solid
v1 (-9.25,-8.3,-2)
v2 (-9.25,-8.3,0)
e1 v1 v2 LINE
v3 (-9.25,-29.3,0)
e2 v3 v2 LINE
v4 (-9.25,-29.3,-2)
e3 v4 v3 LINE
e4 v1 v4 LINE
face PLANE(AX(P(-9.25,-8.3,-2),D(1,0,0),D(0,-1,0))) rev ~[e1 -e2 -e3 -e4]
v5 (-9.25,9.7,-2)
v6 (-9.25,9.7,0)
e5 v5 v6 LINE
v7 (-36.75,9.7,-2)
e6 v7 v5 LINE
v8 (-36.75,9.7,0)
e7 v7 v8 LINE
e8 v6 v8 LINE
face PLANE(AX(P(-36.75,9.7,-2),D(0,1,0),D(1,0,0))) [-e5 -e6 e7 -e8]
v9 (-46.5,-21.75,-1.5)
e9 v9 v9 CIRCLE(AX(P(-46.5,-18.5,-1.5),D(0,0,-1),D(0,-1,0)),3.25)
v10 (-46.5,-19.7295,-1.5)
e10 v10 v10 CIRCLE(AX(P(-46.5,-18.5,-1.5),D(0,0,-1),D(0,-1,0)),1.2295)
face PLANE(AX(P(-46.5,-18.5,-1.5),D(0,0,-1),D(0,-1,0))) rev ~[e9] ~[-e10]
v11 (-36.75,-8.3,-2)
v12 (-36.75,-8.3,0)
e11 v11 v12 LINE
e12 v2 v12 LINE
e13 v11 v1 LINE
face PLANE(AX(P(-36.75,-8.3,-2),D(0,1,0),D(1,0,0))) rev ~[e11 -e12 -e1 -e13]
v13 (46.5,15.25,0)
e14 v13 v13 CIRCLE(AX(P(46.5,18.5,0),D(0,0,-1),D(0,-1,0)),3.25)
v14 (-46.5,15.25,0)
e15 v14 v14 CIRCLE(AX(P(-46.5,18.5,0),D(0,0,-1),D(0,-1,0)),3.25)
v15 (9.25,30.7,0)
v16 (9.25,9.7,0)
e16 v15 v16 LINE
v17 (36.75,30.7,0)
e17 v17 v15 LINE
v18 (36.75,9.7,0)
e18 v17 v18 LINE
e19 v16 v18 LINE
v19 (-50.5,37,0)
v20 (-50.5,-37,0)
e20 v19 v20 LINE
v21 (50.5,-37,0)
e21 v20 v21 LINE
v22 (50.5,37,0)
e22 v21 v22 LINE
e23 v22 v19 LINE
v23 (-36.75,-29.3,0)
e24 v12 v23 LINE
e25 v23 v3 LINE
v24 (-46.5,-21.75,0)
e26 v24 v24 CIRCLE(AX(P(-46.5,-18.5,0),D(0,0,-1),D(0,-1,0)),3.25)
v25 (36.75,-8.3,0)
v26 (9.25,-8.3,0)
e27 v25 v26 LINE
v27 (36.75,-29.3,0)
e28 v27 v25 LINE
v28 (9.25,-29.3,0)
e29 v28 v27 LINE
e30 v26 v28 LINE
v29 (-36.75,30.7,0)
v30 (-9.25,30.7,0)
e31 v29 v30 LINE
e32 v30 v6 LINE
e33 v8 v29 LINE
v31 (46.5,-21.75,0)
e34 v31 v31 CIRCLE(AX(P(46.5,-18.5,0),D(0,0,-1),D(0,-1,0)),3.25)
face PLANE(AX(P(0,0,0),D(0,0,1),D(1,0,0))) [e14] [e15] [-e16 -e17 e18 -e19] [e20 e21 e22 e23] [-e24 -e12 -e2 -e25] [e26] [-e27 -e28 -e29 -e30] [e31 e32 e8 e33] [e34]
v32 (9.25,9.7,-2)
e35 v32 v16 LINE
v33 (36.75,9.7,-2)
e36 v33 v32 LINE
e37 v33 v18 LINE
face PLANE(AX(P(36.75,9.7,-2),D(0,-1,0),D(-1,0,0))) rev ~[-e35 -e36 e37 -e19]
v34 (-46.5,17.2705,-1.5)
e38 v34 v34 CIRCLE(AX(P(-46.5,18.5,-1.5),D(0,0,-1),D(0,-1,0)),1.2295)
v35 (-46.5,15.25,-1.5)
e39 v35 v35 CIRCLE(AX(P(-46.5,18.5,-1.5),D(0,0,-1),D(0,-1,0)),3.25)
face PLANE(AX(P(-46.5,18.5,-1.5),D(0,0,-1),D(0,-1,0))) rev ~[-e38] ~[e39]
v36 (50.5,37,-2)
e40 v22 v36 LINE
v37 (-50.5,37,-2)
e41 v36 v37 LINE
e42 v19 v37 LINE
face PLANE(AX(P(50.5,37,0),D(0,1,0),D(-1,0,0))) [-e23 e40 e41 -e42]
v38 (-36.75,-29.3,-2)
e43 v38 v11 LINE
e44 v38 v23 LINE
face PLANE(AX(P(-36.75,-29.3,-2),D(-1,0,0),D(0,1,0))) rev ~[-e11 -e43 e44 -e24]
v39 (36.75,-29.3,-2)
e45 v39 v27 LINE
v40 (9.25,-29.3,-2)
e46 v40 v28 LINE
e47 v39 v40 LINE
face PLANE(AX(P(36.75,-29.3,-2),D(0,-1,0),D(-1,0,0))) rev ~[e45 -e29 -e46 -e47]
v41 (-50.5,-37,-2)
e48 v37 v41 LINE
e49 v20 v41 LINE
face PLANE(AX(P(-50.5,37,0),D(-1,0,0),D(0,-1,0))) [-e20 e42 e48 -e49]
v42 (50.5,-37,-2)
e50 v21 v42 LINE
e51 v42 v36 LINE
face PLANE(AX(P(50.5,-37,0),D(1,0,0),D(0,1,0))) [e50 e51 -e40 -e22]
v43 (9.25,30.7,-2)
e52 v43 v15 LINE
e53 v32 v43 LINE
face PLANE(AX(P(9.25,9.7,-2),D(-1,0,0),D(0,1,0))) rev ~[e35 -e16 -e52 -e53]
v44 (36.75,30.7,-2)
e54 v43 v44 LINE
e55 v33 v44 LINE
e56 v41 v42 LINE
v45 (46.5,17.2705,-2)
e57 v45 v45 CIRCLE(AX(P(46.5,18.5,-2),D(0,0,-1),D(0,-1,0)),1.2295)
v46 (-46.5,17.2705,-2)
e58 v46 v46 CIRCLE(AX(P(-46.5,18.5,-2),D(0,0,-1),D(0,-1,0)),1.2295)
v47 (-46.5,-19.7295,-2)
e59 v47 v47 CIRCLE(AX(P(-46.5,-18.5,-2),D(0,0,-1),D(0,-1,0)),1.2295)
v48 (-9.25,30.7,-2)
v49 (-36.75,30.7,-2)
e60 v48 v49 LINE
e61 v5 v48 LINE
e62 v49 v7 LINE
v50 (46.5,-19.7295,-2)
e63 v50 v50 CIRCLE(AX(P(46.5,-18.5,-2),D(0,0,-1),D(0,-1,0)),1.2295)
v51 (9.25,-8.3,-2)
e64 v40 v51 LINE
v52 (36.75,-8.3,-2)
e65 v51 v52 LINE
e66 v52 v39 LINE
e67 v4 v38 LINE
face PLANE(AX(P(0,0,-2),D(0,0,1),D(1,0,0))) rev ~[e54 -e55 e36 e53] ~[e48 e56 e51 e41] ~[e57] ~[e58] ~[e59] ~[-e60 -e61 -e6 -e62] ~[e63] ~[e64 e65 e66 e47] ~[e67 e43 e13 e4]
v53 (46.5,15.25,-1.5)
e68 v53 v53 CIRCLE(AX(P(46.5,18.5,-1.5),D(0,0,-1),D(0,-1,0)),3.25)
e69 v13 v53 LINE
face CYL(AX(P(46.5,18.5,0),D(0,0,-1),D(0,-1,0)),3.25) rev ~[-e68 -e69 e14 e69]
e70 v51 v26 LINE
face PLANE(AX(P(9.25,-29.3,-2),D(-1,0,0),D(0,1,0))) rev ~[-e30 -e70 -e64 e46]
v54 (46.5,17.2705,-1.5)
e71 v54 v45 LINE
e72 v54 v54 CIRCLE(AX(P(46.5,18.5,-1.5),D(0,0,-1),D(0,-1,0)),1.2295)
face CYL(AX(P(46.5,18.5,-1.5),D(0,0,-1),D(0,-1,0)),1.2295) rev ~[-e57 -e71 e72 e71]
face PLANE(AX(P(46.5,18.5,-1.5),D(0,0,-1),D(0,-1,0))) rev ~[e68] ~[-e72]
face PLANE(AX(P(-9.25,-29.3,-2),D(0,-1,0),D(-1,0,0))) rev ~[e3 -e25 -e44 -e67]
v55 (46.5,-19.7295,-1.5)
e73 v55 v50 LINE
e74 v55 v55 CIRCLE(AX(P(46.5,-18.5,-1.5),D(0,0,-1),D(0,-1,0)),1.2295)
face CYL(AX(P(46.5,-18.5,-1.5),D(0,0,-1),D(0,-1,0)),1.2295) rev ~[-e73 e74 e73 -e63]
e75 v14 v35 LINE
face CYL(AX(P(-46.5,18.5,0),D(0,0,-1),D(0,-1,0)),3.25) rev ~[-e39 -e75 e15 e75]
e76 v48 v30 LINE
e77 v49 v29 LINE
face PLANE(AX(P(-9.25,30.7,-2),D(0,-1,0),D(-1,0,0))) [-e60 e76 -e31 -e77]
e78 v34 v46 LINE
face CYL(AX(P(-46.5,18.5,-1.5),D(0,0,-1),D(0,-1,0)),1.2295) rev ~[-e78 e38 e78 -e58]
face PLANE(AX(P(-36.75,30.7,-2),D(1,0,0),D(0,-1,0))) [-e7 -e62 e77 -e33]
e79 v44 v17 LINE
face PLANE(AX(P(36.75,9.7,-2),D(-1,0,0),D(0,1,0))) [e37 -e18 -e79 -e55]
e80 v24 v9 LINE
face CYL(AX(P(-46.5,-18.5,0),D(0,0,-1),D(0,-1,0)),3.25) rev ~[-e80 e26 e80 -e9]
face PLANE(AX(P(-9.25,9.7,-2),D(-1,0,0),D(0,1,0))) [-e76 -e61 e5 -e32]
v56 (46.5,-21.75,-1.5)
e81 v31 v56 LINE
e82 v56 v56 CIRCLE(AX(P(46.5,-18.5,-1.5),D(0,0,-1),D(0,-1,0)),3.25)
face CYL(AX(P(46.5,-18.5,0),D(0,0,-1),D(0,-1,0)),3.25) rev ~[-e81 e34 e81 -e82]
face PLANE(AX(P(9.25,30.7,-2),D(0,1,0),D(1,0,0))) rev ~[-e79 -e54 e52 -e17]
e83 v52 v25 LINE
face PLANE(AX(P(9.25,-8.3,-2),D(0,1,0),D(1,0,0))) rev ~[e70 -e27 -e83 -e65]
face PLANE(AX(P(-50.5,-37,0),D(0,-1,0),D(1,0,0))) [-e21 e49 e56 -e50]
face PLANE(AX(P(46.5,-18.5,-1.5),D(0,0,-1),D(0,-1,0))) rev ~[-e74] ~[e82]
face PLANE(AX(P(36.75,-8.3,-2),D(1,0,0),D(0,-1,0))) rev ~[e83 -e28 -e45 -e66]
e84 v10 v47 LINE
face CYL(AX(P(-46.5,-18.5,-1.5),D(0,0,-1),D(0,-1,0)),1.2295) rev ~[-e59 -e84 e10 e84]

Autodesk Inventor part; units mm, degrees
ref_plane "YZ Plane" through (0, 0, 0) normal (1, 0, 0) x (0, 1, 0)
ref_plane "XZ Plane" through (0, 0, 0) normal (0, 1, 0) x (-1, 0, 0)
ref_plane "XY Plane" through (0, 0, 0) normal (0, 0, 1) x (1, 0, 0)
sketch "Esboço1" plane through (0, 0, 0) normal (0, 0, 1) x (1, 0, 0)
  line L0 (-50.5, -37) -> (50.5, -37)
  line L1 (50.5, -37) -> (50.5, 37)
  line L2 (50.5, 37) -> (-50.5, 37)
  line L3 (-50.5, 37) -> (-50.5, -37)
  point P0 (0, 0)
  point P1 (0, 0)
  dimension "d17" = 101
  dimension "d18" = 74
  dimension "d19" = 50.5
  dimension "d20" = 37
  dimension "d21" = 50.5
  dimension "d22" = 37
extrude "Extrusão1" add sketch "Esboço1" against normal blind 2
sketch "Esboço2" plane through (0, 0, 0) normal (0, 0, 1) x (1, 0, 0)
  line L0 (-50.5, -37) -> (-50.5, 37)
  line L1 (-50.5, 37) -> (50.5, 37)
  line L2 (-46.5, 37) -> (-46.5, -37) construction
  line L3 (50.5, -37) -> (-50.5, -37)
  line L4 (46.5, 37) -> (46.5, -37) construction
  line L5 (-50.5, 18.5) -> (50.5, 18.5) construction
  line L6 (-50.5, -18.5) -> (50.5, -18.5) construction
  line L7 (50.5, 37) -> (50.5, -37)
  point P0 (0, 0)
  point P1 (0, 0)
  point P2 (-46.5, 18.5)
  point P3 (-46.5, -18.5)
  point P4 (46.5, -18.5)
  point P5 (46.5, 18.5)
  dimension "d28" = 4
  dimension "d29" = 97
  dimension "d30" = 101
  dimension "d31" = 55.5
  dimension "d32" = 18.5
  dimension "d33" = 74
  dimension "d34" = 50.5
  dimension "d35" = 37
  dimension "d36" = 0
hole "Furo1" at (-46.5, 18.5, 0) at (-46.5, -18.5, 0) at (46.5, -18.5, 0) at (46.5, 18.5, 0) direction (0, 0, -1) diameter 2.459 end through all counterbore diameter 6.5 counterbore depth 1.5
sketch "Esboço3" plane through (0, 0, -2) normal (0, 0, -1) x (-1, 0, 0)
  line L0 (-36.25, 14.25) -> (-36.25, 21.4827) projected
  line L1 (-36.0982, 21.8416) -> (-33.0537, 24.7952) projected
  line L2 (-32.75, 25.5129) -> (-32.75, 29.7) projected
  line L3 (-32.25, 30.2) -> (-13.75, 30.2) projected
  line L4 (-10.25, 14.25) -> (-10.25, 21.4827) projected
  line L5 (-12.9463, 24.7952) -> (-9.9018, 21.8416) projected
  line L6 (-13.25, 29.7) -> (-13.25, 25.5129) projected
  line L7 (-27.134, 10.7) -> (-18.866, 10.7) projected
  line L8 (-13.8, 11.25) -> (-32.2, 11.25) projected
  line L9 (-13.8, 10.2) -> (-32.2, 10.2) projected
  arc A0 (-36.25, 14.25) -> (-32.2, 10.2) centre (-32.2, 14.25) ccw projected
  line L10 (-36.25, 14.25) -> (-36.25, 21.4827) projected
  arc A1 (-13.8, 10.2) -> (-9.75, 14.25) centre (-13.8, 14.25) ccw projected
  line L11 (-9.75, 21.4827) -> (-9.75, 14.25) projected
  line L12 (-12.9463, 24.7952) -> (-9.9018, 21.8416) projected
  line L13 (-32.25, 30.2) -> (-13.75, 30.2) projected
  line L14 (-13.25, 29.7) -> (-13.25, 25.5129) projected
  arc A2 (-13.25, 29.7) -> (-13.75, 30.2) centre (-13.75, 29.7) ccw projected
  arc A3 (-13.25, 25.5129) -> (-12.9463, 24.7952) centre (-12.25, 25.5129) ccw projected
  arc A4 (-9.75, 21.4827) -> (-9.9018, 21.8416) centre (-10.25, 21.4827) ccw projected
  arc A5 (-32.25, 30.2) -> (-32.75, 29.7) centre (-32.25, 29.7) ccw projected
  arc A6 (-36.0982, 21.8416) -> (-36.25, 21.4827) centre (-35.75, 21.4827) ccw projected
  arc A7 (-33.0537, 24.7952) -> (-32.75, 25.5129) centre (-33.75, 25.5129) ccw projected
  line L15 (-36.75, 9.7) -> (-9.25, 9.7)
  line L16 (-9.25, 9.7) -> (-9.25, 30.7)
  line L17 (-9.25, 30.7) -> (-36.75, 30.7)
  line L18 (-36.75, 9.7) -> (-36.75, 30.7)
  line L19 (9.75, 14.25) -> (9.75, 21.4827) projected
  arc A8 (9.75, 14.25) -> (13.8, 10.2) centre (13.8, 14.25) ccw projected
  line L20 (32.2, 10.2) -> (13.8, 10.2) projected
  arc A9 (32.903, 10.7703) -> (35.75, 14.25) centre (32.2, 14.25) ccw projected
  arc A10 (32.2, 10.2) -> (36.25, 14.25) centre (32.2, 14.25) ccw projected
  line L21 (36.25, 21.4827) -> (36.25, 14.25) projected
  line L22 (13.75, 30.2) -> (32.25, 30.2) projected
  line L23 (-36.25, -24.75) -> (-36.25, -17.5173) projected
  arc A11 (-36.25, -24.75) -> (-32.2, -28.8) centre (-32.2, -24.75) ccw projected
  line L24 (-13.8, -28.8) -> (-32.2, -28.8) projected
  arc A12 (-13.8, -28.8) -> (-9.75, -24.75) centre (-13.8, -24.75) ccw projected
  line L25 (-9.75, -17.5173) -> (-9.75, -24.75) projected
  line L26 (-32.25, -8.8) -> (-13.75, -8.8) projected
  line L27 (13.75, -8.8) -> (32.25, -8.8) projected
  line L28 (9.75, -24.75) -> (9.75, -17.5173) projected
  arc A13 (9.75, -24.75) -> (13.8, -28.8) centre (13.8, -24.75) ccw projected
  line L29 (32.2, -28.8) -> (13.8, -28.8) projected
  arc A14 (32.2, -28.8) -> (36.25, -24.75) centre (32.2, -24.75) ccw projected
  line L30 (36.25, -17.5173) -> (36.25, -24.75) projected
  line L31 (9.25, 30.7) -> (36.75, 30.7)
  line L32 (36.75, 30.7) -> (36.75, 9.7)
  line L33 (36.75, 9.7) -> (9.25, 9.7)
  line L34 (9.25, 9.7) -> (9.25, 30.7)
  line L35 (-36.75, -8.3) -> (-36.75, -29.3)
  line L36 (-36.75, -29.3) -> (-9.25, -29.3)
  line L37 (-9.25, -29.3) -> (-9.25, -8.3)
  line L38 (-9.25, -8.3) -> (-36.75, -8.3)
  line L39 (9.25, -8.3) -> (9.25, -29.3)
  line L40 (9.25, -29.3) -> (36.75, -29.3)
  line L41 (36.75, -29.3) -> (36.75, -8.3)
  line L42 (36.75, -8.3) -> (9.25, -8.3)
  point P0 (0, 0)
  dimension "d51" = 1
  dimension "d52" = 27
  dimension "d53" = 19.45
  dimension "d54" = 1.55
  dimension "d67" = 0.5
  dimension "d68" = 0.5
  dimension "d69" = 27
  dimension "d70" = 27
  dimension "d71" = 45.5
  dimension "d72" = 73
  dimension "d73" = 20.5
  dimension "d74" = 0.5
  dimension "d75" = 18.5
  dimension "d76" = 39.5
  dimension "d77" = 18.5
  dimension "d78" = 0.5
extrude "Extrusão3" cut sketch "Esboço3" against normal blind 10 contours L0 A6 L1 A7 L2 A5 L3 A2 L6 A3 L5 A4 L11 A1 L9 A0 | L18 L17 L16 L15 | L31 L32 L33 L34 | L38 L37 L36 L35 | L42 L41 L40 L39
properties part number "Ra-Manager_Painel-Placas_Tras_Plugs"
